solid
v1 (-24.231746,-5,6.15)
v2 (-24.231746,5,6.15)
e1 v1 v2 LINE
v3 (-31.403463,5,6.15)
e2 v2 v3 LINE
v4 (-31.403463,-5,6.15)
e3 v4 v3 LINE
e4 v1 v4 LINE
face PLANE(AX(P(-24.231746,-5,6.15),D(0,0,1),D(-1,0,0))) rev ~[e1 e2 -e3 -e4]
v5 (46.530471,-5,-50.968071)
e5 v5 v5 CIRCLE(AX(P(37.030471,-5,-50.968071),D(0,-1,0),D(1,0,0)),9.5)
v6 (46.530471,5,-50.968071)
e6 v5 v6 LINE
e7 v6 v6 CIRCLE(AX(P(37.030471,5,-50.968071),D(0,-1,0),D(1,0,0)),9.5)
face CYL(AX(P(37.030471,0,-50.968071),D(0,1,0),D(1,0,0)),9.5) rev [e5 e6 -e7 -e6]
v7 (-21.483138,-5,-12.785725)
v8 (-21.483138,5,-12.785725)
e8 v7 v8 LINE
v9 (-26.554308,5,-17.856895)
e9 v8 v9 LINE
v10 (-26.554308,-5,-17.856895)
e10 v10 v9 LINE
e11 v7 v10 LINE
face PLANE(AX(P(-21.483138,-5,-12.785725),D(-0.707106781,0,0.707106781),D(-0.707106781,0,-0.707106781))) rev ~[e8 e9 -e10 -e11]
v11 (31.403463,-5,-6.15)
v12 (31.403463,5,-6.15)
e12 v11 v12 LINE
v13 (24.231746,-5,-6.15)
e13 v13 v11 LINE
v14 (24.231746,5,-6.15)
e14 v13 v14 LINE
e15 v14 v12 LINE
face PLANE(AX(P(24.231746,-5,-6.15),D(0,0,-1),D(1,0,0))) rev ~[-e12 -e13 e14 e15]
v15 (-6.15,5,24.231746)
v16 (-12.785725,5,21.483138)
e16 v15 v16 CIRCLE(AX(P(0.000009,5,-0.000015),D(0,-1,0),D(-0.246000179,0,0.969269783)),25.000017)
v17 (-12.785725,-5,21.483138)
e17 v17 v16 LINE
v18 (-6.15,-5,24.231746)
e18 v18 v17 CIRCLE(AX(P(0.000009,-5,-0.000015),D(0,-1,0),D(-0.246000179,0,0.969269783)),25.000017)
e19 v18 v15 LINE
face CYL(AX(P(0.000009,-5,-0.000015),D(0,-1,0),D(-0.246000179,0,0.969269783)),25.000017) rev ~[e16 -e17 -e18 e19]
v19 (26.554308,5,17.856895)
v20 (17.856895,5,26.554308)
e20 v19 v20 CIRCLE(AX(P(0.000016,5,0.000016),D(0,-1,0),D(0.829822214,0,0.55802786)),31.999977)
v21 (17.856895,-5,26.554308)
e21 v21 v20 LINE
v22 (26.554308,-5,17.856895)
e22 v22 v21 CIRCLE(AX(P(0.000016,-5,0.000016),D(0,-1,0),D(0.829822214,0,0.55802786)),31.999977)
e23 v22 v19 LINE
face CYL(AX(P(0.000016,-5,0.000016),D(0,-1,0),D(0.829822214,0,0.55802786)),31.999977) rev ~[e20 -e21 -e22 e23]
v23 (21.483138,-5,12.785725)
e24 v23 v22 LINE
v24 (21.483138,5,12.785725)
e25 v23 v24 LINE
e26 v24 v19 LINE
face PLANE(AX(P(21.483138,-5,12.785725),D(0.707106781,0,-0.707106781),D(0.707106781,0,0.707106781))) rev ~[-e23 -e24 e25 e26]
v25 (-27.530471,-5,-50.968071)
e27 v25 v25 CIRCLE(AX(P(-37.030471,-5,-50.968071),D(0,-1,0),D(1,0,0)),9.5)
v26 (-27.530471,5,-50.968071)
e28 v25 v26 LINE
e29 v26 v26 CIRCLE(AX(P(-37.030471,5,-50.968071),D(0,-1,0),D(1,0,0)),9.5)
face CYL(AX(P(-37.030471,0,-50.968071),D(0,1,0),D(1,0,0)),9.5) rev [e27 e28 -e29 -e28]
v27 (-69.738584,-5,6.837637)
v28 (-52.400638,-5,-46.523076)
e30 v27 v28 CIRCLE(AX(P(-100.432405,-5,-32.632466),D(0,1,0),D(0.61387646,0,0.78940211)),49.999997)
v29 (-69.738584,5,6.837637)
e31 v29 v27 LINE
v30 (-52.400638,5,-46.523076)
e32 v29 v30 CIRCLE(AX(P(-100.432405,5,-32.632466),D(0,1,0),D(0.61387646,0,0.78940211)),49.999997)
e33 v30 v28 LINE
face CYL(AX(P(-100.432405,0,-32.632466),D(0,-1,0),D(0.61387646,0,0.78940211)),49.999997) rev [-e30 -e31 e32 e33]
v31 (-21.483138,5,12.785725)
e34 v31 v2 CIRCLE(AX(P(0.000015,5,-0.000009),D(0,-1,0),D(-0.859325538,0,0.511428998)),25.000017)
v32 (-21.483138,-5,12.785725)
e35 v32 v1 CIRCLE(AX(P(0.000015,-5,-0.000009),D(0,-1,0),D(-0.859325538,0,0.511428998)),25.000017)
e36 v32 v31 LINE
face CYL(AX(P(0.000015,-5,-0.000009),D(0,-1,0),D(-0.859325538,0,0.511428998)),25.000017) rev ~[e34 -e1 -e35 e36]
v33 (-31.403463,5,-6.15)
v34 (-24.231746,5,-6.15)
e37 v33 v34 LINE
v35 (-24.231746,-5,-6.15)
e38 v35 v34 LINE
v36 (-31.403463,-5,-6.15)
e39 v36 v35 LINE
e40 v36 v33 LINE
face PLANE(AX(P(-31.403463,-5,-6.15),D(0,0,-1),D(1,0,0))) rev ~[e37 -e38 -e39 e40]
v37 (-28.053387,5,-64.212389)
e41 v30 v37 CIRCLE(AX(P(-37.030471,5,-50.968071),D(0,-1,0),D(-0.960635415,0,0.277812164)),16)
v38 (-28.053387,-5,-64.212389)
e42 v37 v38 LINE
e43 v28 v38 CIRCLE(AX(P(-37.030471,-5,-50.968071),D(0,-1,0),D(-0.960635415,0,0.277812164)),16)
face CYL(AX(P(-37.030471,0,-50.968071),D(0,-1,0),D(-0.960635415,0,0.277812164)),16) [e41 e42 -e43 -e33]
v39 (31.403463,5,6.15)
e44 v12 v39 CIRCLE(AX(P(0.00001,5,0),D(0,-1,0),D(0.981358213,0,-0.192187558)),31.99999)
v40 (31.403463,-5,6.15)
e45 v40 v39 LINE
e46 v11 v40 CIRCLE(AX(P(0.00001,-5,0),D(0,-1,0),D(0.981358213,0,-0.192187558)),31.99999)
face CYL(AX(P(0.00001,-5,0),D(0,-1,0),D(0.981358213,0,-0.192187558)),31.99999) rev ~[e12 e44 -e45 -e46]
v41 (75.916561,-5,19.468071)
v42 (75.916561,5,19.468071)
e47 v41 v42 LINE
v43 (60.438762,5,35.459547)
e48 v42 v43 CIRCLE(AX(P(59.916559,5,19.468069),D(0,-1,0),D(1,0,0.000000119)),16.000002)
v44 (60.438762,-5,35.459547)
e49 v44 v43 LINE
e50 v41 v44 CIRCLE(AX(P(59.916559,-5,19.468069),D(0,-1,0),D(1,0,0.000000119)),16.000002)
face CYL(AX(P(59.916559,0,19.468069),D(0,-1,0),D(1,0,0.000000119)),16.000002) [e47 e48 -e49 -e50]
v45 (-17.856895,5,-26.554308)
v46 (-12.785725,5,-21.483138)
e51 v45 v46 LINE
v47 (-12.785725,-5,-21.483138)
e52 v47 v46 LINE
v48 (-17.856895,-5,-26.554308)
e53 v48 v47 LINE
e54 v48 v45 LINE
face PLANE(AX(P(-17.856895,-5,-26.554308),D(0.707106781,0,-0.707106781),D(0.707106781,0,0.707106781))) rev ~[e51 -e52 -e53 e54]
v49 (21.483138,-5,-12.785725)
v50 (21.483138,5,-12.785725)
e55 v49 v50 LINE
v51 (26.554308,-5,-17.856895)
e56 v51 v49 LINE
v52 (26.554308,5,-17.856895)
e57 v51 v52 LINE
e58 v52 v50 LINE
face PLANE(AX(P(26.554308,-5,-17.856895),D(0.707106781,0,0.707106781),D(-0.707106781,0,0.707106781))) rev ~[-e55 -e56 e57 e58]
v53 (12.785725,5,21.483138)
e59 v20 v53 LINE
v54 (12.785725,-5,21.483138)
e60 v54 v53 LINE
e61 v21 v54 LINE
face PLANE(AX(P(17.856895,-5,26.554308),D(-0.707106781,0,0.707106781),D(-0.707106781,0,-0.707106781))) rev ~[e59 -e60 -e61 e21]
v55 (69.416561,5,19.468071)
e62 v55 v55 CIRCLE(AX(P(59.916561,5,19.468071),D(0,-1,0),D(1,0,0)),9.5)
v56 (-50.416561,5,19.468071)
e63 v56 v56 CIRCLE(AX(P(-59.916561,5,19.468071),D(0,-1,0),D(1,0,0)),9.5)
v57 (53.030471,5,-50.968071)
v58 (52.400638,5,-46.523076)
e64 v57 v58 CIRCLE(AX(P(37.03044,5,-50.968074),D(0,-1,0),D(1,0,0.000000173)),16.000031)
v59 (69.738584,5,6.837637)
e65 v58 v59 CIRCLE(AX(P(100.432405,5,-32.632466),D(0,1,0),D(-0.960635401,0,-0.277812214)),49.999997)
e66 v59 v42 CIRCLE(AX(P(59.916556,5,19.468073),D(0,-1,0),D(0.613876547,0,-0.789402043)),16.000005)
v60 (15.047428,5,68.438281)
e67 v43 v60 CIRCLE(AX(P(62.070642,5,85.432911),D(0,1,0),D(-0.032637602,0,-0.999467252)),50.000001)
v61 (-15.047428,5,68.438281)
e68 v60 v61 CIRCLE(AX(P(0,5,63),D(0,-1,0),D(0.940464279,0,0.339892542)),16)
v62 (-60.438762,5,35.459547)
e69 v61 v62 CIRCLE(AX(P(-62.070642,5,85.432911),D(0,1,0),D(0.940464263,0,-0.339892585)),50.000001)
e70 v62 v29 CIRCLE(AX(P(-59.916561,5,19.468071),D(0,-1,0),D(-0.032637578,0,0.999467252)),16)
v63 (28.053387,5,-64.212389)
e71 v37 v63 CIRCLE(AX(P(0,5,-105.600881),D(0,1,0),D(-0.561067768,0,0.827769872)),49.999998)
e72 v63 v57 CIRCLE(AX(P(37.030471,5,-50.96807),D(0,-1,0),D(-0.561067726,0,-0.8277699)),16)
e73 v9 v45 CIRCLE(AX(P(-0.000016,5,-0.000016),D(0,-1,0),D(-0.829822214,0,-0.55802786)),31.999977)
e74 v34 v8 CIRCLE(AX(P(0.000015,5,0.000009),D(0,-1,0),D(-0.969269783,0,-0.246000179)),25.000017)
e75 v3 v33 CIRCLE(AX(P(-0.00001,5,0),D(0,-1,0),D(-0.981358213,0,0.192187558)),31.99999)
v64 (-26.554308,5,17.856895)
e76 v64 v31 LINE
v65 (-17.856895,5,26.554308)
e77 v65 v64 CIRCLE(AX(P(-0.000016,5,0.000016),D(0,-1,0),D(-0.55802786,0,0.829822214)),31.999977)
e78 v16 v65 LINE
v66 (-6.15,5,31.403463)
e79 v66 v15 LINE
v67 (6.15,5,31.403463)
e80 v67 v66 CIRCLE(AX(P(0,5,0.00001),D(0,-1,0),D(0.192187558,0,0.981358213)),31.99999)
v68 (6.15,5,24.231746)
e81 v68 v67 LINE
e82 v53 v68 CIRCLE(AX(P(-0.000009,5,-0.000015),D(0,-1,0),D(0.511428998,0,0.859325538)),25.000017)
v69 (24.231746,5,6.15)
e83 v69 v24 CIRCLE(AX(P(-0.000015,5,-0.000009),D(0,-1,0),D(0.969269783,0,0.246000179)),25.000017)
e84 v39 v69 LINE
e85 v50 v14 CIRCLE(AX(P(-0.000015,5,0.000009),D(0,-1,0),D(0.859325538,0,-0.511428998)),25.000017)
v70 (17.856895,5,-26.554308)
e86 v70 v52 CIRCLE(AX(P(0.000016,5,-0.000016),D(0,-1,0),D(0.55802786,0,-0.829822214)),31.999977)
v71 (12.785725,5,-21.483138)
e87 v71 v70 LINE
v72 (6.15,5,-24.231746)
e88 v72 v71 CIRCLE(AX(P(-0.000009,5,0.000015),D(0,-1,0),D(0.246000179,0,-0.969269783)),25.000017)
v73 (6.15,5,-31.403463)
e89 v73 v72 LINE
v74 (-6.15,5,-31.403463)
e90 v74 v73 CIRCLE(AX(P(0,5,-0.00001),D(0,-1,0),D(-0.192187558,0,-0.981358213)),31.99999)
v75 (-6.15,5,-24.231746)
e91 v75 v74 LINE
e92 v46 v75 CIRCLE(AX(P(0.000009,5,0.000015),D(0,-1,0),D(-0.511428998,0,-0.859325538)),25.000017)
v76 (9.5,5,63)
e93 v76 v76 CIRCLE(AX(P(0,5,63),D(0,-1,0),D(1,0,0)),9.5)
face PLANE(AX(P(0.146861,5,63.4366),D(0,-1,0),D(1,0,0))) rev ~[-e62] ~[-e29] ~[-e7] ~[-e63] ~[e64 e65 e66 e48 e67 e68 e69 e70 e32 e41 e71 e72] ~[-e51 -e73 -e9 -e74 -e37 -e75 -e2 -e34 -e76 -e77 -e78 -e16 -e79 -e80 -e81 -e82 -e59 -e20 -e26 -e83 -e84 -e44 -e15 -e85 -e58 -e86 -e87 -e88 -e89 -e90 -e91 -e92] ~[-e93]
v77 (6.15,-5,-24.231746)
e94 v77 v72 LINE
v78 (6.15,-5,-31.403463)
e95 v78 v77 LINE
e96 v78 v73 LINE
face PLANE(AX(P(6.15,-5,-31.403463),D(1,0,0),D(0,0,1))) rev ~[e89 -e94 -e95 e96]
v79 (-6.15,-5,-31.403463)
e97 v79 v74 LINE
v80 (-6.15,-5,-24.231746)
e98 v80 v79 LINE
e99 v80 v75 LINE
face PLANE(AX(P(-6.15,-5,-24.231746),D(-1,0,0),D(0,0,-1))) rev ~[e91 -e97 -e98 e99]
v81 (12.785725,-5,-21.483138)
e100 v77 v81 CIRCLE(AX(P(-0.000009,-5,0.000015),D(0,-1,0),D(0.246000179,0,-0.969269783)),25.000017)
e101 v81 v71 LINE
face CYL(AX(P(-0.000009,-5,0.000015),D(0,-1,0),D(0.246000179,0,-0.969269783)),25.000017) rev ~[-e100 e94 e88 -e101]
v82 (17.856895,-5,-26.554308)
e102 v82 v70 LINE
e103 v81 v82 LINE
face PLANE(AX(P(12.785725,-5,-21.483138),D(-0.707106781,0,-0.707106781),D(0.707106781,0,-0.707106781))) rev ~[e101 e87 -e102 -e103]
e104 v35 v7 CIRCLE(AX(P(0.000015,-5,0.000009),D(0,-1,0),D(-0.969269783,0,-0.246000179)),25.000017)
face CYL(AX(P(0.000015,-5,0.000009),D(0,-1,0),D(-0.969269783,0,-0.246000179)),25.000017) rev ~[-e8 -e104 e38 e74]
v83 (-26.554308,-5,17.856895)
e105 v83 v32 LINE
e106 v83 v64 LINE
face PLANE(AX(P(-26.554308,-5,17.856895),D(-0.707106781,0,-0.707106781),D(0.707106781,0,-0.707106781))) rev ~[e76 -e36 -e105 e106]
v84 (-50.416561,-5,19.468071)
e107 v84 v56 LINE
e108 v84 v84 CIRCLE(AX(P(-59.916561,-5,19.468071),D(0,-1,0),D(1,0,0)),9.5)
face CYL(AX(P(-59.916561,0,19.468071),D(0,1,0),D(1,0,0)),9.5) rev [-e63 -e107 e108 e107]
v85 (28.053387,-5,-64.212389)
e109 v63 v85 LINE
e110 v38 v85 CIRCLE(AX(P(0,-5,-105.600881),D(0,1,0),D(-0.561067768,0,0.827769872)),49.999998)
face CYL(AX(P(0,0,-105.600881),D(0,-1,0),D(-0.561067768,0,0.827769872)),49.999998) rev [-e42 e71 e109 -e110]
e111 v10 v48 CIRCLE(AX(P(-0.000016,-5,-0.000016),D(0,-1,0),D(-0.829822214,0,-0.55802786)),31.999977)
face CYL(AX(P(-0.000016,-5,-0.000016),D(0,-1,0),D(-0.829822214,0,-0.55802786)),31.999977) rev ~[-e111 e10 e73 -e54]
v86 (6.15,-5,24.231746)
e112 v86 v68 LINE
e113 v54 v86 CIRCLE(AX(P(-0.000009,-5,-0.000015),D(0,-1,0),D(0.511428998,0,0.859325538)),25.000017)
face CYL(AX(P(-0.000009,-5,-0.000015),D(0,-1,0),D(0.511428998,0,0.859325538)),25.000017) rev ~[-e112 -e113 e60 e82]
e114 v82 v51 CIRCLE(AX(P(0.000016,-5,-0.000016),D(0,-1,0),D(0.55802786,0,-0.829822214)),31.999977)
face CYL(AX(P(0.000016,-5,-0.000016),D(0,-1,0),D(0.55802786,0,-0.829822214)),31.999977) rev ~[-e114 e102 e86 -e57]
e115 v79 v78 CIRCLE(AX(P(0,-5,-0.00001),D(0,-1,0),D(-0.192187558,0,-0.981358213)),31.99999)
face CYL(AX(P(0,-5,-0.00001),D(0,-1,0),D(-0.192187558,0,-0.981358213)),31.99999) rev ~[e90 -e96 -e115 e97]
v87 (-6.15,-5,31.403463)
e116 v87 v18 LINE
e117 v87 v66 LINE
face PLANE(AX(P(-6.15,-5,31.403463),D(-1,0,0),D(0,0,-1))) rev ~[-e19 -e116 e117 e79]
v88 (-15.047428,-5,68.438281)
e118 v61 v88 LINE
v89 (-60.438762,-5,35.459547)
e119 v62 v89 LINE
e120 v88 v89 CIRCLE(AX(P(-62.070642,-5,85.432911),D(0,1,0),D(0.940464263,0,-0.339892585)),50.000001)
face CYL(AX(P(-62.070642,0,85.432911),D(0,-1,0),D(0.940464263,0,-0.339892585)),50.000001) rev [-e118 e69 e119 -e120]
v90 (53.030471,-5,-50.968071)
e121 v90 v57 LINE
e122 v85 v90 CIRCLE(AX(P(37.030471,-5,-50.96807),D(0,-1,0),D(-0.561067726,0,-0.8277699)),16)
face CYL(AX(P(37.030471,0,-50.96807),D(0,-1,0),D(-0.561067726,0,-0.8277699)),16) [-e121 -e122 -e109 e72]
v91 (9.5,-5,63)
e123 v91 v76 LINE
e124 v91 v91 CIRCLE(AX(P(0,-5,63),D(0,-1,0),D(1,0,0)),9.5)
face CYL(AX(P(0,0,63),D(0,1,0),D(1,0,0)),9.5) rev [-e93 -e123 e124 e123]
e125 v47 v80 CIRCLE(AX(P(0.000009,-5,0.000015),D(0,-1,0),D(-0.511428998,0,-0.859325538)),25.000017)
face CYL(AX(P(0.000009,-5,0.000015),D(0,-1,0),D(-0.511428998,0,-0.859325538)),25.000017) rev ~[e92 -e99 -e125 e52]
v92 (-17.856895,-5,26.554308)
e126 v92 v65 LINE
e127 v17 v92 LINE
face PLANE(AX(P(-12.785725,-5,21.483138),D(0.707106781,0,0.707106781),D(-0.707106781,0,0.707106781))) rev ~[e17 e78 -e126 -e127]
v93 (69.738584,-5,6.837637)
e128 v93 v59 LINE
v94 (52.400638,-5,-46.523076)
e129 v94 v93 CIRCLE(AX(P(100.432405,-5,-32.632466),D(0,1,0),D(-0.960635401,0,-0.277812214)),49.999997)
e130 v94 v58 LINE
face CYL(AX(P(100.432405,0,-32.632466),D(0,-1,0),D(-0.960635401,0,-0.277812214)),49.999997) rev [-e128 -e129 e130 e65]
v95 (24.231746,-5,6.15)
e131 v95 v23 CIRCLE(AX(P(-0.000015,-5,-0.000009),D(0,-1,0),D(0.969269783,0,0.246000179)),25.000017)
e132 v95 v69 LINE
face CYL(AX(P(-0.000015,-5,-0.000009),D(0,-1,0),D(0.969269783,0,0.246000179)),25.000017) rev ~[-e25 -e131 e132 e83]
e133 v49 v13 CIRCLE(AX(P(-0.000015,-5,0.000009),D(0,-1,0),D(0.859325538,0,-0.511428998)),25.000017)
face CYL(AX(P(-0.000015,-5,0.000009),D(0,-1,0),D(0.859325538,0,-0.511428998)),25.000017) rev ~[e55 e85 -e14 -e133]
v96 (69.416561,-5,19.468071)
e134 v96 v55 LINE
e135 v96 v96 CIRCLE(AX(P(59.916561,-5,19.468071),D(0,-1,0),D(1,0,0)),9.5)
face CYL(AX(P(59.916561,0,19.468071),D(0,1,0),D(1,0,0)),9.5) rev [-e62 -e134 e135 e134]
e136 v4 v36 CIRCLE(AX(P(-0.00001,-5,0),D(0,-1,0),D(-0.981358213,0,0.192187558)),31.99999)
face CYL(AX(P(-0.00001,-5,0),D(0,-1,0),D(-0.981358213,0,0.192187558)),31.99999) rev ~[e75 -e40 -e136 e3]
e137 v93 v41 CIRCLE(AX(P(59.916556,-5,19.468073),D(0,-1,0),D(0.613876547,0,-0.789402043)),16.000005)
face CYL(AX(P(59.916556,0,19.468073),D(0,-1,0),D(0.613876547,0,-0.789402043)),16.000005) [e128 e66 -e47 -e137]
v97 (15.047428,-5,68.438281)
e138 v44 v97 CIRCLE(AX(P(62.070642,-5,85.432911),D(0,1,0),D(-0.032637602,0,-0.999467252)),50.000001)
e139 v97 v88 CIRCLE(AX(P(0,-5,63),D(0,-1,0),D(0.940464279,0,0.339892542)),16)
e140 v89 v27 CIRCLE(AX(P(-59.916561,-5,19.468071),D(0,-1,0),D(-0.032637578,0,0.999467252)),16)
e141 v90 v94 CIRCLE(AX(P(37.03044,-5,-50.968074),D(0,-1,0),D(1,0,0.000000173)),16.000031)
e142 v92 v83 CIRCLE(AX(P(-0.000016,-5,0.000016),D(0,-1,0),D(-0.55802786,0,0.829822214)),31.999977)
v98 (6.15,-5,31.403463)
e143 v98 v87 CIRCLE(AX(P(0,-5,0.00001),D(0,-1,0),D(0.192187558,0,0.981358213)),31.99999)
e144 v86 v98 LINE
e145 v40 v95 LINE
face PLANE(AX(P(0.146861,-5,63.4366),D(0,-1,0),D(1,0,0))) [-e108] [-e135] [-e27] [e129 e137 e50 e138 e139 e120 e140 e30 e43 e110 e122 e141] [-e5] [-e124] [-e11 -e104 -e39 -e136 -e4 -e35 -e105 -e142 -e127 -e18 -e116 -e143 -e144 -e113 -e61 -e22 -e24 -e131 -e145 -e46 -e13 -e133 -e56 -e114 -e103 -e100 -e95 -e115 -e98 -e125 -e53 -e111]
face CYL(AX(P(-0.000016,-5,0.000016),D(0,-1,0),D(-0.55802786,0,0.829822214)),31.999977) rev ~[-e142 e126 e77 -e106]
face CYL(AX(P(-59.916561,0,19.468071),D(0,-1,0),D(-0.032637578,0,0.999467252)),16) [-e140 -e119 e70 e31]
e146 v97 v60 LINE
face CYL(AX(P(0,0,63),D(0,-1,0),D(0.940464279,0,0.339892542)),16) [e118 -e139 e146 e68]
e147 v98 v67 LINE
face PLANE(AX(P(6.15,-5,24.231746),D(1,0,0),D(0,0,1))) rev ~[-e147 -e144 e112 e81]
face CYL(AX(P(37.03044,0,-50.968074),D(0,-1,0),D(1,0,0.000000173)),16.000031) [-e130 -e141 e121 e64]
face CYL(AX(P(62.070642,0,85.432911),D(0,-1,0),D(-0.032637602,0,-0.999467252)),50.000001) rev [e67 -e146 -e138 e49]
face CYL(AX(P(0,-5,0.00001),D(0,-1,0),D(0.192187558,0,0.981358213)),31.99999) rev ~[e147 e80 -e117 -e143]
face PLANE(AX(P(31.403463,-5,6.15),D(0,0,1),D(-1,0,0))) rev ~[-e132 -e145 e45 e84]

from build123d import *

# Parameters (mm, degrees)
F0_R     = 9.5
F1_DEPTH = 5
F3_DEPTH = 25


with BuildPart() as f1:
    # F0 (on Front) → F1 (new body, symmetric)
    with BuildSketch(Plane.XZ):
        with BuildLine():
            ThreePointArc((-15.047428, 68.438281), (-2.760539, 47.239942), (16, 63))
            ThreePointArc((16, 63), (15.760058, 65.760539), (15.047428, 68.438281))
            ThreePointArc((15.047428, 68.438281), (0, 79), (-15.047428, 68.438281))
        make_face()
        with Locations((0, 63)):
            Circle(F0_R, mode=Mode.SUBTRACT)
        with BuildLine():
            ThreePointArc((15.047428, 68.438281), (15.760058, 65.760539), (16, 63))
            ThreePointArc((16, 63), (-2.760539, 47.239942), (-15.047428, 68.438281))
            ThreePointArc((-15.047428, 68.438281), (-32.681379, 44.98206), (-60.438762, 35.459547))
            ThreePointArc((-60.438762, 35.459547), (-48.78901, 30.964923), (-43.916561, 19.468071))
            ThreePointArc((-43.916561, 19.468071), (-52.886354, 5.095312), (-69.738584, 6.837637))
            ThreePointArc((-69.738584, 6.837637), (-52.879582, -17.181618), (-52.400638, -46.523076))
            ThreePointArc((-52.400638, -46.523076), (-34.785773, -35.126311), (-21.030471, -50.968071))
            ThreePointArc((-21.030471, -50.968071), (-22.894818, -58.463625), (-28.053387, -64.212389))
            ThreePointArc((-28.053387, -64.212389), (0, -55.600883), (28.053387, -64.212389))
            ThreePointArc((28.053387, -64.212389), (27.625907, -38.023799), (52.400638, -46.523076))
            ThreePointArc((52.400638, -46.523076), (52.879582, -17.181618), (69.738584, 6.837637))
            ThreePointArc((69.738584, 6.837637), (44.699656, 14.523799), (60.438762, 35.459547))
            ThreePointArc((60.438762, 35.459547), (32.681379, 44.98206), (15.047428, 68.438281))
        make_face()
        with BuildLine():
            ThreePointArc((75.916561, 19.468071), (71.413413, 30.595621), (60.438762, 35.459547))
            ThreePointArc((60.438762, 35.459547), (44.699656, 14.523799), (69.738584, 6.837637))
            ThreePointArc((69.738584, 6.837637), (74.289319, 12.437864), (75.916561, 19.468071))
        make_face()
        with Locations((59.916561, 19.468071)):
            Circle(F0_R, mode=Mode.SUBTRACT)
        with BuildLine():
            ThreePointArc((-43.916561, 19.468071), (-48.78901, 30.964923), (-60.438762, 35.459547))
            ThreePointArc((-60.438762, 35.459547), (-75.133465, 24.412343), (-69.738584, 6.837637))
            ThreePointArc((-69.738584, 6.837637), (-52.886354, 5.095312), (-43.916561, 19.468071))
        make_face()
        with Locations((-59.916561, 19.468071)):
            Circle(F0_R, mode=Mode.SUBTRACT)
        with BuildLine():
            ThreePointArc((53.030471, -50.968071), (52.87223, -48.723373), (52.400638, -46.523076))
            ThreePointArc((52.400638, -46.523076), (27.625907, -38.023799), (28.053387, -64.212389))
            ThreePointArc((28.053387, -64.212389), (44.526025, -65.103723), (53.030471, -50.968071))
        make_face()
        with Locations((37.030471, -50.968071)):
            Circle(F0_R, mode=Mode.SUBTRACT)
        with BuildLine():
            ThreePointArc((-21.030471, -50.968071), (-34.785773, -35.126311), (-52.400638, -46.523076))
            ThreePointArc((-52.400638, -46.523076), (-46.435035, -63.912343), (-28.053387, -64.212389))
            ThreePointArc((-28.053387, -64.212389), (-22.894818, -58.463625), (-21.030471, -50.968071))
        make_face()
        with Locations((-37.030471, -50.968071)):
            Circle(F0_R, mode=Mode.SUBTRACT)
    extrude(amount=F1_DEPTH, both=True)

    # F2 (on face) → F3 (cut)
    with BuildSketch(Plane.XZ.offset(5)):
        with BuildLine():
            Line((21.483138, 12.785725), (26.554308, 17.856895))
            ThreePointArc((26.554308, 17.856895), (22.627417, 22.627417), (17.856895, 26.554308))
            Line((17.856895, 26.554308), (12.785725, 21.483138))
            ThreePointArc((12.785725, 21.483138), (9.567086, 23.096988), (6.15, 24.231746))
            Line((6.15, 24.231746), (6.15, 31.403463))
            ThreePointArc((6.15, 31.403463), (0, 32), (-6.15, 31.403463))
            Line((-6.15, 31.403463), (-6.15, 24.231746))
            ThreePointArc((-6.15, 24.231746), (-9.567086, 23.096988), (-12.785725, 21.483138))
            Line((-12.785725, 21.483138), (-17.856895, 26.554308))
            ThreePointArc((-17.856895, 26.554308), (-22.627417, 22.627417), (-26.554308, 17.856895))
            Line((-26.554308, 17.856895), (-21.483138, 12.785725))
            ThreePointArc((-21.483138, 12.785725), (-23.096988, 9.567086), (-24.231746, 6.15))
            Line((-24.231746, 6.15), (-31.403463, 6.15))
            ThreePointArc((-31.403463, 6.15), (-32, 0), (-31.403463, -6.15))
            Line((-31.403463, -6.15), (-24.231746, -6.15))
            ThreePointArc((-24.231746, -6.15), (-23.096988, -9.567086), (-21.483138, -12.785725))
            Line((-21.483138, -12.785725), (-26.554308, -17.856895))
            ThreePointArc((-26.554308, -17.856895), (-22.627417, -22.627417), (-17.856895, -26.554308))
            Line((-17.856895, -26.554308), (-12.785725, -21.483138))
            ThreePointArc((-12.785725, -21.483138), (-9.567086, -23.096988), (-6.15, -24.231746))
            Line((-6.15, -24.231746), (-6.15, -31.403463))
            ThreePointArc((-6.15, -31.403463), (0, -32), (6.15, -31.403463))
            Line((6.15, -31.403463), (6.15, -24.231746))
            ThreePointArc((6.15, -24.231746), (9.567086, -23.096988), (12.785725, -21.483138))
            Line((12.785725, -21.483138), (17.856895, -26.554308))
            ThreePointArc((17.856895, -26.554308), (22.627417, -22.627417), (26.554308, -17.856895))
            Line((26.554308, -17.856895), (21.483138, -12.785725))
            ThreePointArc((21.483138, -12.785725), (23.096988, -9.567086), (24.231746, -6.15))
            Line((24.231746, -6.15), (31.403463, -6.15))
            ThreePointArc((31.403463, -6.15), (32, 0), (31.403463, 6.15))
            Line((31.403463, 6.15), (24.231746, 6.15))
            ThreePointArc((24.231746, 6.15), (23.096988, 9.567086), (21.483138, 12.785725))
        make_face()
    extrude(amount=-F3_DEPTH, mode=Mode.SUBTRACT)


solid = f1.part
